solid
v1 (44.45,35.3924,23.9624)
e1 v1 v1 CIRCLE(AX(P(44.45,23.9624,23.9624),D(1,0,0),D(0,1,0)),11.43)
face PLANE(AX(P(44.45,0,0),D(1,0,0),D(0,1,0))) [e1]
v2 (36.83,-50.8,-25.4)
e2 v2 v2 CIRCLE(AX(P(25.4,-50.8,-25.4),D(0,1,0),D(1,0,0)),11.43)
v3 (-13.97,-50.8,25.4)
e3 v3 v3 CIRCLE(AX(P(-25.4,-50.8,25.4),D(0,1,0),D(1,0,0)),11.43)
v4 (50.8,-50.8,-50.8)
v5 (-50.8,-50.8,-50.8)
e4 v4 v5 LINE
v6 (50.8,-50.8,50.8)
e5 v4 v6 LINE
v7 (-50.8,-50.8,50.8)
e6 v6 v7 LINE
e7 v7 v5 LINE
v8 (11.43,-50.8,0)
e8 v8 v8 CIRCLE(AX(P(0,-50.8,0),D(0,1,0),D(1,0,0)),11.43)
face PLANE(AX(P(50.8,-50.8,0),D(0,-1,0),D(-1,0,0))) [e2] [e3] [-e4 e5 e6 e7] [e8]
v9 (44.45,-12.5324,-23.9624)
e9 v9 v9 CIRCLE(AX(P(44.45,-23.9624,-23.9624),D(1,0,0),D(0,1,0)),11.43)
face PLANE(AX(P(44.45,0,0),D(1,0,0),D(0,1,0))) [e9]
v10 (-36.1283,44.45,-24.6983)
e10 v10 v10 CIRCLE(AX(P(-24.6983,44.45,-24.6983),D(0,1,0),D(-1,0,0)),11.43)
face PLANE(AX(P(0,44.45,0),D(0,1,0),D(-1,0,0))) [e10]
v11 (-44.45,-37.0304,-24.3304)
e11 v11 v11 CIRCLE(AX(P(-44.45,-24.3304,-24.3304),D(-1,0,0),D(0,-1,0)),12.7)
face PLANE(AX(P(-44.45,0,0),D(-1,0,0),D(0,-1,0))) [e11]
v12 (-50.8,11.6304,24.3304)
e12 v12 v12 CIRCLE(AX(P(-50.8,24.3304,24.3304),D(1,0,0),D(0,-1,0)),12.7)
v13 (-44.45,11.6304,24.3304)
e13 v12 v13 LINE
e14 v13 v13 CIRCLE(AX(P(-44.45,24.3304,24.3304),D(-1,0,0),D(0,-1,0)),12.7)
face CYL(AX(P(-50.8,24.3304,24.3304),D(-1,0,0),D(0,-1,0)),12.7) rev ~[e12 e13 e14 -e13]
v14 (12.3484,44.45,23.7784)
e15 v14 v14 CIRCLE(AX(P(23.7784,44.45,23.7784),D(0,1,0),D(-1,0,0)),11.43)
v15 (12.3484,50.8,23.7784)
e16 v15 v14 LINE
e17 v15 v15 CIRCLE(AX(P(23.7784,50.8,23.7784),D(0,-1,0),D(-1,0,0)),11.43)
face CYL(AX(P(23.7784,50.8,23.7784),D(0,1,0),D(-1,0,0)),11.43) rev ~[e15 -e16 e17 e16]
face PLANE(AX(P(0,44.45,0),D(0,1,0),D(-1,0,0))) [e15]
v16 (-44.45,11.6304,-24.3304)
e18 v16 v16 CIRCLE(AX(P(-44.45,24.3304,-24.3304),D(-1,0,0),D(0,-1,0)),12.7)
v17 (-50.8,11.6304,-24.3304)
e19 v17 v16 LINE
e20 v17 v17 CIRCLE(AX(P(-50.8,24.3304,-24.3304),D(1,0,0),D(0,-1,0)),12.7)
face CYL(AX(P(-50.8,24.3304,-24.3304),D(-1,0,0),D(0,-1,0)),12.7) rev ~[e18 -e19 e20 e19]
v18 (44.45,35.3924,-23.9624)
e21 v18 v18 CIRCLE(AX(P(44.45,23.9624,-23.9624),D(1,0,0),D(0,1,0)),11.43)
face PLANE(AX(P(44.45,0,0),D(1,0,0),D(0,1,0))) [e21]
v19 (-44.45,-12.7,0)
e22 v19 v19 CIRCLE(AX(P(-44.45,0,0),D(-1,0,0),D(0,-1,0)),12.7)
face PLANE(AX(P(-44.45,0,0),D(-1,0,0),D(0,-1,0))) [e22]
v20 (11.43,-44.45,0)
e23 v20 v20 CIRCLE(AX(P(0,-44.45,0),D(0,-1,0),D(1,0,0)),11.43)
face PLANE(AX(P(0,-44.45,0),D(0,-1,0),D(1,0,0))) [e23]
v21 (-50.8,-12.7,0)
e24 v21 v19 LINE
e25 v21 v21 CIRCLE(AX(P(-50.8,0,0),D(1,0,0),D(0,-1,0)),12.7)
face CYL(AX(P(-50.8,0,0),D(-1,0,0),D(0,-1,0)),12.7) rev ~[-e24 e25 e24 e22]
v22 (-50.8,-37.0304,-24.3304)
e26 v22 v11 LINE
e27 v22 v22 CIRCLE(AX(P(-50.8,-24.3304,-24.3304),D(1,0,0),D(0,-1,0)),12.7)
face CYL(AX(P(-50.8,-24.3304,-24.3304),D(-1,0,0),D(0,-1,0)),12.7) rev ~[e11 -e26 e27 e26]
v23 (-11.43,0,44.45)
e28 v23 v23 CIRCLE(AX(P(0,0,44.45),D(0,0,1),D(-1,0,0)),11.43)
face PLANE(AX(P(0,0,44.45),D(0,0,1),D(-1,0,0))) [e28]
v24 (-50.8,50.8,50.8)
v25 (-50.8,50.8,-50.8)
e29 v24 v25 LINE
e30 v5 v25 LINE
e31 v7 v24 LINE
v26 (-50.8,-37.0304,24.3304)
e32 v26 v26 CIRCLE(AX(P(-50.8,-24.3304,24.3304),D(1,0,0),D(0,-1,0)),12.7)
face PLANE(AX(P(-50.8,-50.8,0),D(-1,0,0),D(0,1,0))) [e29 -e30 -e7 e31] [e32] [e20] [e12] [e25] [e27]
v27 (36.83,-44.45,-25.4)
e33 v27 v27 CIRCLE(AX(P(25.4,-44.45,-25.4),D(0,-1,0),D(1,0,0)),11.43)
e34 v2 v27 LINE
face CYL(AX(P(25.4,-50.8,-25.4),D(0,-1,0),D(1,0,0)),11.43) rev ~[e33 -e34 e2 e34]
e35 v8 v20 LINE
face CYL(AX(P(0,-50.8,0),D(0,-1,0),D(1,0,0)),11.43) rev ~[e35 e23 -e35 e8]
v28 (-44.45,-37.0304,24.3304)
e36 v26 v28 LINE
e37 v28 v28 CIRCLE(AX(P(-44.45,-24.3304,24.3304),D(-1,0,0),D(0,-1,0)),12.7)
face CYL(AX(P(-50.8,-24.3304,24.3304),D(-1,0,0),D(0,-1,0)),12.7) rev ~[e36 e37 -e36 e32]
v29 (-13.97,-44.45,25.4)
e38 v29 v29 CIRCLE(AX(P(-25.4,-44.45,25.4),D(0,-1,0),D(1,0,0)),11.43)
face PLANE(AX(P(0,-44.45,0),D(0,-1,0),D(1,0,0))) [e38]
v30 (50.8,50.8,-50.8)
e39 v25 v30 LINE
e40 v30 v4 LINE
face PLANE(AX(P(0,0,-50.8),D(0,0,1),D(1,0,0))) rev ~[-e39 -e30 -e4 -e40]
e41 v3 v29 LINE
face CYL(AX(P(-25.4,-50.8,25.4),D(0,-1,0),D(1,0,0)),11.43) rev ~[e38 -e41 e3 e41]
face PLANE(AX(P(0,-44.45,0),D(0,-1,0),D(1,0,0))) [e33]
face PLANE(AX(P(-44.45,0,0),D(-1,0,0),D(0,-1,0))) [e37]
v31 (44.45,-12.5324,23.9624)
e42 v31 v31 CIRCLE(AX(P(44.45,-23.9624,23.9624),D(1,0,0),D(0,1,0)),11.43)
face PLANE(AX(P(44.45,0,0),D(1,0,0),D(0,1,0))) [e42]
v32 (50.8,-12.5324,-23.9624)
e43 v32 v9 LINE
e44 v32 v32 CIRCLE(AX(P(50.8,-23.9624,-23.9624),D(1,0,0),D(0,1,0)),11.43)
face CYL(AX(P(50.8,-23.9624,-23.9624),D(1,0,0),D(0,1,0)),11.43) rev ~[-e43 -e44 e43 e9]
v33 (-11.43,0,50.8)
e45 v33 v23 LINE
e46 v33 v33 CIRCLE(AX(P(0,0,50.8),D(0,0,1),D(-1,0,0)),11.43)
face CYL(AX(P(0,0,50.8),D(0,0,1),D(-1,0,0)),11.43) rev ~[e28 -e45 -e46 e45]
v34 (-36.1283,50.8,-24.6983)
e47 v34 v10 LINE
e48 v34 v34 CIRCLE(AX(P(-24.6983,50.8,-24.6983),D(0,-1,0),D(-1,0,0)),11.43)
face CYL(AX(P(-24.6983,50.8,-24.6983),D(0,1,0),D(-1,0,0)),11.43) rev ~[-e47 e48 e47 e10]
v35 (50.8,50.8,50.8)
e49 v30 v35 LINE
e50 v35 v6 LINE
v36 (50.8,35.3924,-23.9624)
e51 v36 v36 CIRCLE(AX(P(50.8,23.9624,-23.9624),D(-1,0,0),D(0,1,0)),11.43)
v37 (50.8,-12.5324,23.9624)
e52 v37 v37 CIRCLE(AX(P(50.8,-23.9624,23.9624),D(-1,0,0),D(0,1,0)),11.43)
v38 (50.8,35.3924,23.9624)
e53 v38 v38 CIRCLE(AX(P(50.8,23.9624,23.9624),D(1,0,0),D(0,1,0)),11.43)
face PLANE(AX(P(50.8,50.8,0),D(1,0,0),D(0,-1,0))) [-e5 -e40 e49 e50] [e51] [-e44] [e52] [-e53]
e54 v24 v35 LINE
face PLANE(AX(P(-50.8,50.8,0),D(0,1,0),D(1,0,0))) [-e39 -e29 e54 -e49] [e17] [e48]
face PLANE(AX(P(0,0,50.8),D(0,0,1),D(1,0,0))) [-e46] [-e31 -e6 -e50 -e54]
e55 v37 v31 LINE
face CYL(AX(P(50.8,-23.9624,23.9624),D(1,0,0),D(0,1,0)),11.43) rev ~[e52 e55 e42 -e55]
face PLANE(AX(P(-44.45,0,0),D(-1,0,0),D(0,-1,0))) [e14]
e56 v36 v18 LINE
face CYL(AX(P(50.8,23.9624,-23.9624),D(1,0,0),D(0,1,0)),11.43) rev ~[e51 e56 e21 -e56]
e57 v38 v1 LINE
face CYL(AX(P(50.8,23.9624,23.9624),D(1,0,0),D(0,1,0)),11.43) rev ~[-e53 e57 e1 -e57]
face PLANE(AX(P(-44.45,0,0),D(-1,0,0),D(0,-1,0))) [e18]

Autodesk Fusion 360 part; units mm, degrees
sketch "Sketch1" plane through (0, 0, 0) normal (0, 0, 1) x (1, 0, 0) in component "Component"
  line L0 (50.8, -50.8) -> (-50.8, -50.8)
  line L1 (-50.8, -50.8) -> (-50.8, 50.8)
  line L2 (-50.8, 50.8) -> (50.8, 50.8)
  line L3 (50.8, 50.8) -> (50.8, -50.8)
  line L4 (50.8, -50.8) -> (-50.8, 50.8) construction
  line L5 (-50.8, -50.8) -> (50.8, 50.8) construction
  dimension "d1" = 101.6
  dimension "d2" = 101.6
extrude "Extrude1" add sketch "Sketch1" along normal mid plane 101.6 in component "Component"
sketch "Sketch2" plane through (0, 0, 50.8) normal (0, 0, 1) x (-1, 0, 0) in component "Component"
  line L0 (-50.8, -50.8) -> (50.8, -50.8)
  line L1 (50.8, -50.8) -> (50.8, 50.8)
  line L2 (50.8, 50.8) -> (-50.8, 50.8)
  line L3 (-50.8, 50.8) -> (-50.8, -50.8)
  circle A0 centre (0, 0) radius 11.43
  dimension "d5" = 22.86
extrude "Extrude2" cut sketch "Sketch2" against normal blind 6.35 contours A0 in component "Component"
sketch "Sketch3" plane through (0, -50.8, 0) normal (0, -1, 0) x (1, 0, 0) in component "Component"
  line L0 (50.8, -50.8) -> (50.8, 50.8)
  line L1 (50.8, 50.8) -> (-50.8, 50.8)
  line L2 (-50.8, 50.8) -> (-50.8, -50.8)
  line L3 (-50.8, -50.8) -> (50.8, -50.8)
  circle A0 centre (0, 0) radius 11.43
  line L4 (-50.8, 50.8) -> (0, 0)
  line L5 (0, 0) -> (50.8, -50.8)
  circle A1 centre (-25.4, 25.4) radius 11.43
  circle A2 centre (25.4, -25.4) radius 11.43
  dimension "d8" = 22.86
  dimension "d9" = 22.86
  dimension "d10" = 22.86
extrude "Extrude3" cut sketch "Sketch3" against normal blind 6.35 contours L5 A2 | L5 A2 | L4 A1 | L4 A1 | A0 L4 L5 | A0 L4 L5 in component "Component"
sketch "Sketch4" plane through (50.8, 0, 0) normal (1, 0, 0) x (0, 1, 0) in component "Component"
  line L0 (50.8, -50.8) -> (50.8, 50.8)
  line L1 (50.8, 50.8) -> (-50.8, 50.8)
  line L2 (-50.8, 50.8) -> (-50.8, -50.8)
  line L3 (-50.8, -50.8) -> (50.8, -50.8)
  line L4 (-50.8, 50.8) -> (50.8, -50.8)
  line L5 (-50.8, -50.8) -> (50.8, 50.8) construction
  circle A0 centre (-23.9624, 23.9624) radius 11.43
  circle A1 centre (23.9624, 23.9624) radius 11.43
  circle A2 centre (-23.9624, -23.9624) radius 11.43
  circle A3 centre (23.9624, -23.9624) radius 11.43
  dimension "d13" = 22.86
extrude "Extrude4" cut sketch "Sketch4" against normal blind 6.35 contours L4 A3 | L4 A3 | L4 A0 | L4 A0 | A1 | A2 in component "Component"
sketch "Sketch5" plane through (0, 50.8, 0) normal (0, 1, 0) x (-1, 0, 0) in component "Component"
  line L0 (50.8, -50.8) -> (50.8, 50.8)
  line L1 (50.8, 50.8) -> (-50.8, 50.8)
  line L2 (-50.8, 50.8) -> (-50.8, -50.8)
  line L3 (-50.8, -50.8) -> (50.8, -50.8)
  line L4 (-50.8, 50.8) -> (50.8, -50.8)
  circle A0 centre (24.6983, -24.6983) radius 11.43
  circle A1 centre (-23.7784, 23.7784) radius 11.43
  dimension "d16" = 22.86
extrude "Extrude5" cut sketch "Sketch5" against normal blind 6.35 contours L4 A0 | L4 A0 | L4 A1 | L4 A1 in component "Component"
sketch "Sketch6" plane through (-50.8, 0, 0) normal (-1, 0, 0) x (0, -1, 0) in component "Component"
  line L0 (50.8, -50.8) -> (50.8, 50.8)
  line L1 (50.8, 50.8) -> (-50.8, 50.8)
  line L2 (-50.8, 50.8) -> (-50.8, -50.8)
  line L3 (-50.8, -50.8) -> (50.8, -50.8)
  line L4 (-50.8, 50.8) -> (50.8, -50.8)
  line L5 (-50.8, -50.8) -> (50.8, 50.8)
  circle A0 centre (0, 0) radius 12.7
  circle A1 centre (-24.3304, 24.3304) radius 12.7
  circle A2 centre (24.3304, 24.3304) radius 12.7
  circle A3 centre (-24.3304, -24.3304) radius 12.7
  circle A4 centre (24.3304, -24.3304) radius 12.7
  dimension "d19" = 25.4
extrude "Extrude6" cut sketch "Sketch6" against normal blind 6.35 contours L4 A4 | L4 A4 | L5 A2 | L5 A2 | L5 A3 | L5 A3 | L4 A1 | L4 A1 | L4 L5 A0 | L4 L5 A0 | L4 L5 A0 | L4 L5 A0 in component "Component"
sketch "Sketch7" plane through (0, 0, -50.8) normal (0, 0, -1) x (1, 0, 0) in component "Component"
  line L0 (-50.8, -50.8) -> (50.8, -50.8)
  line L1 (50.8, -50.8) -> (50.8, 50.8)
  line L2 (50.8, 50.8) -> (-50.8, 50.8)
  line L3 (-50.8, 50.8) -> (-50.8, -50.8)
sketch "Sketch8" plane through (0, 50.8, 0) normal (0, 1, 0) x (-1, 0, 0) in component "Component"
  circle A0 centre (24.6983, -24.6983) radius 11.43
  circle A1 centre (-23.7784, 23.7784) radius 11.43
  line L0 (50.8, -50.8) -> (50.8, 50.8)
  line L1 (50.8, 50.8) -> (-50.8, 50.8)
  line L2 (-50.8, 50.8) -> (-50.8, -50.8)
  line L3 (-50.8, -50.8) -> (50.8, -50.8)
sketch "Sketch10" plane through (0, 0, -50.8) normal (0, 0, -1) x (1, 0, 0) in component "Component"
component "Component" placed x (1, 0, 0) y (0, 1, 0) z (0, 0, 1) at (0, 0, 0)
equation "d1 = dicesize"
equation "d2 = dicesize"
equation "d5 = Divotsize"
equation "d8 = Divotsize"
equation "d9 = Divotsize"
equation "d10 = Divotsize"
equation "d13 = Divotsize"
equation "d16 = Divotsize"
equation "dicesize = 4 in"
equation "Divotsize = 0.9 in"
equation "diceDepth = 0.25 in"
